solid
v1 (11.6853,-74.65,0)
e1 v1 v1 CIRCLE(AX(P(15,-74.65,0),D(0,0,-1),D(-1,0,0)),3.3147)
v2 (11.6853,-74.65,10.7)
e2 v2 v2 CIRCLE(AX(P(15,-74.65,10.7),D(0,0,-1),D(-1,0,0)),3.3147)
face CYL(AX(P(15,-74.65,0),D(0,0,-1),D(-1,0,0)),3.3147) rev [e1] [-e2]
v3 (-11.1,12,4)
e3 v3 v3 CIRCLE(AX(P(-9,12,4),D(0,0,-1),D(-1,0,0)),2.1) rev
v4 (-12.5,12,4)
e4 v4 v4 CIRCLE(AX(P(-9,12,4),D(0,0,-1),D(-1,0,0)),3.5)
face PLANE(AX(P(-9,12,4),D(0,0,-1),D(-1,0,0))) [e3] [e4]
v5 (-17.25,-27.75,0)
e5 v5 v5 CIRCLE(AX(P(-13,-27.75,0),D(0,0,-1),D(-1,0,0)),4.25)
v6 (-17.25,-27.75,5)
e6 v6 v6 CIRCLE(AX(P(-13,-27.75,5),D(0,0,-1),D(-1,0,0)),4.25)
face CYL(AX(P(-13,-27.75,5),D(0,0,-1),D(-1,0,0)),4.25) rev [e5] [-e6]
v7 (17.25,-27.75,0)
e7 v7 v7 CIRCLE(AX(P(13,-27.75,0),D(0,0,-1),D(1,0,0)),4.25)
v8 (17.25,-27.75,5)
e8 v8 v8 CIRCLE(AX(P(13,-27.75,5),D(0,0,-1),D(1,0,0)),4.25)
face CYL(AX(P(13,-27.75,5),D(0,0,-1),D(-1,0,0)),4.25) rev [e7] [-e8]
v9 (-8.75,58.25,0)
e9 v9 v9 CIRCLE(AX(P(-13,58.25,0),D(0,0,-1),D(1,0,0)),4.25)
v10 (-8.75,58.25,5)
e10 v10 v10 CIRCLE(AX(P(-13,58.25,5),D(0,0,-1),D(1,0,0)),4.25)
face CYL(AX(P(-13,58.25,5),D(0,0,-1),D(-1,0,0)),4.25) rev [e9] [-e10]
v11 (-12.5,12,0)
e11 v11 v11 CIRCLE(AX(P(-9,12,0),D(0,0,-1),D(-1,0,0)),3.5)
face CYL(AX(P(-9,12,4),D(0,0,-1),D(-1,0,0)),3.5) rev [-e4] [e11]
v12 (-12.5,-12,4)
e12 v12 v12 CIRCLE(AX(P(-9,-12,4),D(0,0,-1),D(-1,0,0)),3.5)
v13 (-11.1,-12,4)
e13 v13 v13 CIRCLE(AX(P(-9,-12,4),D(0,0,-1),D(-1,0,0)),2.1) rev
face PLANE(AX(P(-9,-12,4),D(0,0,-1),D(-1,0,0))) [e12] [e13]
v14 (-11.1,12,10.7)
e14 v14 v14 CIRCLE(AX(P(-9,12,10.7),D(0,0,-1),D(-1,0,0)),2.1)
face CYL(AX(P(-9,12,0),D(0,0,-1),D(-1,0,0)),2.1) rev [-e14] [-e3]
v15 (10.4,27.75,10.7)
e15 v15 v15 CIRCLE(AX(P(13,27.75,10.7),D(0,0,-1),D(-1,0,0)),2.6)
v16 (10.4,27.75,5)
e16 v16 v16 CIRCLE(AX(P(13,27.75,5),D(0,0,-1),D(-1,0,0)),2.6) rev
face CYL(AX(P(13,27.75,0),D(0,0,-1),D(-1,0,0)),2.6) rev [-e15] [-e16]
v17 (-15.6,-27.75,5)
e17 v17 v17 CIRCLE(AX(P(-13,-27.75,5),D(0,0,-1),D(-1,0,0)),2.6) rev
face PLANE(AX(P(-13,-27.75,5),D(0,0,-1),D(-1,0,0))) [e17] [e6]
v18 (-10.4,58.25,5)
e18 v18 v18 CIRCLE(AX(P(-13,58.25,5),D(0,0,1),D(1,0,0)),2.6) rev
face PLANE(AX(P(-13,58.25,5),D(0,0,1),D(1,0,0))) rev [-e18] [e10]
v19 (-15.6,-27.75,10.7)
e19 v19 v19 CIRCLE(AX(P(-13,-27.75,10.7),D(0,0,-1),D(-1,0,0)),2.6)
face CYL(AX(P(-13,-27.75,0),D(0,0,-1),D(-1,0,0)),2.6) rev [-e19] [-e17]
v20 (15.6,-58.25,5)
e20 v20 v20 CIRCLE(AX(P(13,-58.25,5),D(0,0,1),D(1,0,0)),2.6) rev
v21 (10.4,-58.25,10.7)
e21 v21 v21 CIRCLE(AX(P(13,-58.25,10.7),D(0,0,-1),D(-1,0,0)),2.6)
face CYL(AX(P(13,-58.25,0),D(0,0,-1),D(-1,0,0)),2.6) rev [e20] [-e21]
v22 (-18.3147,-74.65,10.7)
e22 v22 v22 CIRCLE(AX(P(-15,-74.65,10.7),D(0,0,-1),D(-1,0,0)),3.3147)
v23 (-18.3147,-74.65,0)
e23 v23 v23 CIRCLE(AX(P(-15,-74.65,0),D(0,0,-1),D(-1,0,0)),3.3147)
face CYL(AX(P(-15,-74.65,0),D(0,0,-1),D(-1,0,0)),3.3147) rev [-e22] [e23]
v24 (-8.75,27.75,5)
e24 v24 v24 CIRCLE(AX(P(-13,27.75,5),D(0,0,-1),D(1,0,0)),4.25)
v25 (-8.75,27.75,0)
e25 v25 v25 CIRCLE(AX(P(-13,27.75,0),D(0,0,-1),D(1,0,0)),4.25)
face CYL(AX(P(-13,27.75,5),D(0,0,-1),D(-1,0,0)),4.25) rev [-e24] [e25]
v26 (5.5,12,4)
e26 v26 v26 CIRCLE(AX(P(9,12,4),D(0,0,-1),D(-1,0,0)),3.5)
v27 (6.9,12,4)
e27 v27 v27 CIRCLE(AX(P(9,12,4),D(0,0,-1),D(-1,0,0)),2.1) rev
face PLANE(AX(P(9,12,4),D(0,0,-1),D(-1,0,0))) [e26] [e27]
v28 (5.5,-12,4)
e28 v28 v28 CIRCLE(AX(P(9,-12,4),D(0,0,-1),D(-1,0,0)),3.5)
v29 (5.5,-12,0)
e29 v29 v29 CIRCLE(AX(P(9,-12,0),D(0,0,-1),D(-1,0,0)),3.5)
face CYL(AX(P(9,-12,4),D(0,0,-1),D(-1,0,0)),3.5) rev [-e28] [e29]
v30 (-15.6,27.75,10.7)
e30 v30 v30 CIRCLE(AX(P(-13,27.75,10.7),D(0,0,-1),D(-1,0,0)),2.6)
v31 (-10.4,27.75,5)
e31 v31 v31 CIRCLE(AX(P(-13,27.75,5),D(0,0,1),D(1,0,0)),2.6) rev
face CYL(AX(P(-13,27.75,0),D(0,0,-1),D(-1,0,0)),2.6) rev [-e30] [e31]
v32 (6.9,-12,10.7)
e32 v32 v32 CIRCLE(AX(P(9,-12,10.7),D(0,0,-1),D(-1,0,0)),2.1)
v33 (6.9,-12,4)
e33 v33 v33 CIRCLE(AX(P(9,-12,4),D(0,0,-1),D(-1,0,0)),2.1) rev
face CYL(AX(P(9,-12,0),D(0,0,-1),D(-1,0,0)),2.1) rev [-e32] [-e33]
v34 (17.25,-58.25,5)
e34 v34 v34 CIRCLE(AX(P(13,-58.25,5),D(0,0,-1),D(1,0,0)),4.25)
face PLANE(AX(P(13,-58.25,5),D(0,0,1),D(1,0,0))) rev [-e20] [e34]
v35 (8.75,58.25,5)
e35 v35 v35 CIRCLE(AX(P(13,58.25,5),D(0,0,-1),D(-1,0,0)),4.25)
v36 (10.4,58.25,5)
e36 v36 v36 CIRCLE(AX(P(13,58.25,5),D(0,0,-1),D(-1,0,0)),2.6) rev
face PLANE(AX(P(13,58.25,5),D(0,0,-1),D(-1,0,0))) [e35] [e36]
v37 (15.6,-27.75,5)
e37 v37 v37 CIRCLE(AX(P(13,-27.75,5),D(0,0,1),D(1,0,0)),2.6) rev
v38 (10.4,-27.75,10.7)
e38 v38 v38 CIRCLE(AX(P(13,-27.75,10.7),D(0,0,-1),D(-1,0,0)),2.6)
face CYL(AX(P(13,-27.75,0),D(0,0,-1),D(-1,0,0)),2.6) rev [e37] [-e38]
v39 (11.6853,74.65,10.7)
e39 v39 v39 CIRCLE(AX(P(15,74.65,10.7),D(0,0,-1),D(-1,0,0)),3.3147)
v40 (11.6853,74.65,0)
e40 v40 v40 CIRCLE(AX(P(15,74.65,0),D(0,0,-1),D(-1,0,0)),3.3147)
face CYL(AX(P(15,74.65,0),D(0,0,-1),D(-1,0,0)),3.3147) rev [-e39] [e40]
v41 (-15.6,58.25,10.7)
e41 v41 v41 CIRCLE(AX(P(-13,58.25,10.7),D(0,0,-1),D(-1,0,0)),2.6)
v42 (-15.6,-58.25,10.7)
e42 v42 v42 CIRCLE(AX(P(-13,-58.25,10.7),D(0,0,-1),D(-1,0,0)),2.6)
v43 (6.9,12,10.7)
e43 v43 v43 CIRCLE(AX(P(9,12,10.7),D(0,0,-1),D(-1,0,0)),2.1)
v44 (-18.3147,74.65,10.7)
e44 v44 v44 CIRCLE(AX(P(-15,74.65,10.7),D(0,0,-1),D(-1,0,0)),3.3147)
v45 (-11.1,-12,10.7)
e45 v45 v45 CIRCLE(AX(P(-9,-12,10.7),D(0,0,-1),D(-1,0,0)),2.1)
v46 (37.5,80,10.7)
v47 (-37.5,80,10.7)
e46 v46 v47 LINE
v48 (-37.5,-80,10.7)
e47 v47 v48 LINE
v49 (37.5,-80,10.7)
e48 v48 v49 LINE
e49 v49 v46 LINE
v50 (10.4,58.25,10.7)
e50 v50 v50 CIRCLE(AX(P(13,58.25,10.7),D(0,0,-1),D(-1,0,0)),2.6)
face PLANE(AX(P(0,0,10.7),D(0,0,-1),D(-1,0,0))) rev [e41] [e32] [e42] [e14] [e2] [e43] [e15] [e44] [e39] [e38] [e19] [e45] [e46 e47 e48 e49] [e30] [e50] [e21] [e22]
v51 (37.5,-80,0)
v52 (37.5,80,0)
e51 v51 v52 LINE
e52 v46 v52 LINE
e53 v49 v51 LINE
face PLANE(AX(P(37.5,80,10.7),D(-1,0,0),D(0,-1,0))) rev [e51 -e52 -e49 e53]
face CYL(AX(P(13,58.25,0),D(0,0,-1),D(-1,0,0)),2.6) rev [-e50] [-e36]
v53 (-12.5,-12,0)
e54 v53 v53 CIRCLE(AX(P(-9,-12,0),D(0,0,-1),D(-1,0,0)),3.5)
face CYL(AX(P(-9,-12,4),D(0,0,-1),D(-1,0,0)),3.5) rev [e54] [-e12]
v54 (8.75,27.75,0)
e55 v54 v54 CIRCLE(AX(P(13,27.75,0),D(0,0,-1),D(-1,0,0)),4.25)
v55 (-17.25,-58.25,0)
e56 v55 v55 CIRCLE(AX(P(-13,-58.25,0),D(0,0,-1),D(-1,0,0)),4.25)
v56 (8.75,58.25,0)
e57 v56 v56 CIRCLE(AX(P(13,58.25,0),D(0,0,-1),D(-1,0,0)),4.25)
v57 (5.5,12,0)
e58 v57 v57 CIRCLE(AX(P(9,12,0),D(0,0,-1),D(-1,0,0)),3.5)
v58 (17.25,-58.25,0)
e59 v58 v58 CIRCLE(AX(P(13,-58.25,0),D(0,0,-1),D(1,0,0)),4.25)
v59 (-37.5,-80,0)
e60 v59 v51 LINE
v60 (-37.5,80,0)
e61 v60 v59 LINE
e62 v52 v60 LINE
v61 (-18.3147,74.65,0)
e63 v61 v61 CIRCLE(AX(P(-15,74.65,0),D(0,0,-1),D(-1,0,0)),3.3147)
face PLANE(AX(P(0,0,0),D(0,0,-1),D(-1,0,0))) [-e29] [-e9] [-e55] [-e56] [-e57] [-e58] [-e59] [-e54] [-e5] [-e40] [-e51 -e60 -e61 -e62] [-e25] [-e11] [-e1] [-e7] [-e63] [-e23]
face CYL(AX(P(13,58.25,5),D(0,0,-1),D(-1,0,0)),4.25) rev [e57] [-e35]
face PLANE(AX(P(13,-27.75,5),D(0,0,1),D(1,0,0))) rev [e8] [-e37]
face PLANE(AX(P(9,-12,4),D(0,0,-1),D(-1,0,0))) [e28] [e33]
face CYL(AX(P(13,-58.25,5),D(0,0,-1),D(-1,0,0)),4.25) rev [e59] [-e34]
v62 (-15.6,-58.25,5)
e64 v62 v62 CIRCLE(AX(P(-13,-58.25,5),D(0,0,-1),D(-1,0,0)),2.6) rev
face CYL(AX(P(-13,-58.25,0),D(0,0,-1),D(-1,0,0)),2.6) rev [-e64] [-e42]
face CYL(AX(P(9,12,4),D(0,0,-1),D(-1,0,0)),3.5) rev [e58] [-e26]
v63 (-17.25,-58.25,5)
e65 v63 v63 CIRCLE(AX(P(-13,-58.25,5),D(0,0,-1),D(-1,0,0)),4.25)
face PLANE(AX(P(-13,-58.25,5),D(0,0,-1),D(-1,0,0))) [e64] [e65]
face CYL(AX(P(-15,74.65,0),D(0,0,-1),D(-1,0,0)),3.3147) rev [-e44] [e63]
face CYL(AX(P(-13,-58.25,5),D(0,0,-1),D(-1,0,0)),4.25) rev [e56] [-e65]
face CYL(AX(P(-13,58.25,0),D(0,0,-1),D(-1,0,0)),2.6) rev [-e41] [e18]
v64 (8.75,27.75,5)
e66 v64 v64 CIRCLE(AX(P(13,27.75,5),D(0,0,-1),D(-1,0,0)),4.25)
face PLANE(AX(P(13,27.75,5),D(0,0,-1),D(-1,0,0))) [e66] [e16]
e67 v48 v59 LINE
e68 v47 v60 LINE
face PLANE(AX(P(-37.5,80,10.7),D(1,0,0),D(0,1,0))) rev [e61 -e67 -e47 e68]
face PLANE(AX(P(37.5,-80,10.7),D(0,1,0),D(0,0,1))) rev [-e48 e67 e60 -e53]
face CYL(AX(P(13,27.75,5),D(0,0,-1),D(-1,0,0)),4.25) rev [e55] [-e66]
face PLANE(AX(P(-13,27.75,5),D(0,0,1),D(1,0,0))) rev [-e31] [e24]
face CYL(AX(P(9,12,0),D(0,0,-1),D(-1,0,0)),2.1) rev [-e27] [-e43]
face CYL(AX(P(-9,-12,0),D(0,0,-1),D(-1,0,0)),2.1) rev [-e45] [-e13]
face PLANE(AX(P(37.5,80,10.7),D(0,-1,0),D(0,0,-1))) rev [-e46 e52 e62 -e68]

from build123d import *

# Parameters (mm, degrees)
ESBO_O1_W                                   = 75
ESBO_O1_H                                   = 160
RESSALTO_EXTRUS_O1_DEPTH                    = 10.7
FURO_ROSCADO_PARA_CONDU_TE_DE_1_4_281_D     = 6.6294
FURO_ROSCADO_PARA_CONDU_TE_DE_1_4_281_DEPTH = 15
FURO_ROSCADO_PARA_CONDU_TE_DE_1_4_281_TIP   = 1.991672694
FURO_ROSCADO_PARA_CONDU_TE_DE_M5X0_81_D     = 5.2
FURO_ROSCADO_PARA_CONDU_TE_DE_M5X0_81_DEPTH = 15
FURO_ROSCADO_PARA_CONDU_TE_DE_M5X0_81_TIP   = 1.562237609
FURO_ROSCADO_PARA_CONDU_TE_DE_M4X0_71_D     = 4.2
FURO_ROSCADO_PARA_CONDU_TE_DE_M4X0_71_DEPTH = 15
FURO_ROSCADO_PARA_CONDU_TE_DE_M4X0_71_TIP   = 1.2618073
ESBO_O8_R                                   = 4.25
CORTE_EXTRUS_O1_DEPTH                       = 5
ESBO_O9_R                                   = 3.5
CORTE_EXTRUS_O2_DEPTH                       = 4


with BuildPart() as part:
    # Esboço1 → Ressalto-extrusão1 (new body)
    with BuildSketch(Plane.XY):
        Rectangle(ESBO_O1_W, ESBO_O1_H)
    extrude(amount=RESSALTO_EXTRUS_O1_DEPTH)

    # Furo roscado para conduíte de 1/4-281
    with Locations(Plane(origin=(0, 0, 0), x_dir=(-1, 0, 0), z_dir=(0, 0, -1))):
        with Locations((15, 74.65), (-15, 74.65), (15, -74.65), (-15, -74.65)):
            Hole(FURO_ROSCADO_PARA_CONDU_TE_DE_1_4_281_D / 2, depth=FURO_ROSCADO_PARA_CONDU_TE_DE_1_4_281_DEPTH)
            with Locations((0, 0, -(FURO_ROSCADO_PARA_CONDU_TE_DE_1_4_281_DEPTH + FURO_ROSCADO_PARA_CONDU_TE_DE_1_4_281_TIP / 2))):  # 118° drill point
                Cone(0, FURO_ROSCADO_PARA_CONDU_TE_DE_1_4_281_D / 2, FURO_ROSCADO_PARA_CONDU_TE_DE_1_4_281_TIP, mode=Mode.SUBTRACT)

    # Furo roscado para conduíte de M5x0.81
    with Locations(Plane(origin=(0, 0, 0), x_dir=(-1, 0, 0), z_dir=(0, 0, -1))):
        with Locations((13, 58.25), (13, 27.75), (-13, 27.75), (-13, 58.25), (13, -27.75), (-13, -27.75), (13, -58.25), (-13, -58.25)):
            Hole(FURO_ROSCADO_PARA_CONDU_TE_DE_M5X0_81_D / 2, depth=FURO_ROSCADO_PARA_CONDU_TE_DE_M5X0_81_DEPTH)
            with Locations((0, 0, -(FURO_ROSCADO_PARA_CONDU_TE_DE_M5X0_81_DEPTH + FURO_ROSCADO_PARA_CONDU_TE_DE_M5X0_81_TIP / 2))):  # 118° drill point
                Cone(0, FURO_ROSCADO_PARA_CONDU_TE_DE_M5X0_81_D / 2, FURO_ROSCADO_PARA_CONDU_TE_DE_M5X0_81_TIP, mode=Mode.SUBTRACT)

    # Furo roscado para conduíte de M4x0.71
    with Locations(Plane(origin=(0, 0, 0), x_dir=(-1, 0, 0), z_dir=(0, 0, -1))):
        with Locations((9, 12), (-9, 12), (9, -12), (-9, -12)):
            Hole(FURO_ROSCADO_PARA_CONDU_TE_DE_M4X0_71_D / 2, depth=FURO_ROSCADO_PARA_CONDU_TE_DE_M4X0_71_DEPTH)
            with Locations((0, 0, -(FURO_ROSCADO_PARA_CONDU_TE_DE_M4X0_71_DEPTH + FURO_ROSCADO_PARA_CONDU_TE_DE_M4X0_71_TIP / 2))):  # 118° drill point
                Cone(0, FURO_ROSCADO_PARA_CONDU_TE_DE_M4X0_71_D / 2, FURO_ROSCADO_PARA_CONDU_TE_DE_M4X0_71_TIP, mode=Mode.SUBTRACT)

    # Esboço8 → Corte-extrusão1 (cut)
    with BuildSketch(Plane(origin=(0, 0, 0), x_dir=(-1, 0, 0), z_dir=(0, 0, -1))):
        with Locations((-13, 58.25)):
            Circle(ESBO_O8_R)
        with Locations((-13, 27.75)):
            Circle(ESBO_O8_R)
        with Locations((13, 27.75)):
            Circle(ESBO_O8_R)
        with Locations((13, 58.25)):
            Circle(ESBO_O8_R)
        with Locations((13, -27.75)):
            Circle(ESBO_O8_R)
        with Locations((-13, -27.75)):
            Circle(ESBO_O8_R)
        with Locations((13, -58.25)):
            Circle(ESBO_O8_R)
        with Locations((-13, -58.25)):
            Circle(ESBO_O8_R)
    extrude(amount=-CORTE_EXTRUS_O1_DEPTH, mode=Mode.SUBTRACT)

    # Esboço9 → Corte-extrusão2 (cut)
    with BuildSketch(Plane(origin=(0, 0, 0), x_dir=(-1, 0, 0), z_dir=(0, 0, -1))):
        with Locations((-9, 12)):
            Circle(ESBO_O9_R)
        with Locations((9, 12)):
            Circle(ESBO_O9_R)
        with Locations((-9, -12)):
            Circle(ESBO_O9_R)
        with Locations((9, -12)):
            Circle(ESBO_O9_R)
    extrude(amount=-CORTE_EXTRUS_O2_DEPTH, mode=Mode.SUBTRACT)


solid = part.part
